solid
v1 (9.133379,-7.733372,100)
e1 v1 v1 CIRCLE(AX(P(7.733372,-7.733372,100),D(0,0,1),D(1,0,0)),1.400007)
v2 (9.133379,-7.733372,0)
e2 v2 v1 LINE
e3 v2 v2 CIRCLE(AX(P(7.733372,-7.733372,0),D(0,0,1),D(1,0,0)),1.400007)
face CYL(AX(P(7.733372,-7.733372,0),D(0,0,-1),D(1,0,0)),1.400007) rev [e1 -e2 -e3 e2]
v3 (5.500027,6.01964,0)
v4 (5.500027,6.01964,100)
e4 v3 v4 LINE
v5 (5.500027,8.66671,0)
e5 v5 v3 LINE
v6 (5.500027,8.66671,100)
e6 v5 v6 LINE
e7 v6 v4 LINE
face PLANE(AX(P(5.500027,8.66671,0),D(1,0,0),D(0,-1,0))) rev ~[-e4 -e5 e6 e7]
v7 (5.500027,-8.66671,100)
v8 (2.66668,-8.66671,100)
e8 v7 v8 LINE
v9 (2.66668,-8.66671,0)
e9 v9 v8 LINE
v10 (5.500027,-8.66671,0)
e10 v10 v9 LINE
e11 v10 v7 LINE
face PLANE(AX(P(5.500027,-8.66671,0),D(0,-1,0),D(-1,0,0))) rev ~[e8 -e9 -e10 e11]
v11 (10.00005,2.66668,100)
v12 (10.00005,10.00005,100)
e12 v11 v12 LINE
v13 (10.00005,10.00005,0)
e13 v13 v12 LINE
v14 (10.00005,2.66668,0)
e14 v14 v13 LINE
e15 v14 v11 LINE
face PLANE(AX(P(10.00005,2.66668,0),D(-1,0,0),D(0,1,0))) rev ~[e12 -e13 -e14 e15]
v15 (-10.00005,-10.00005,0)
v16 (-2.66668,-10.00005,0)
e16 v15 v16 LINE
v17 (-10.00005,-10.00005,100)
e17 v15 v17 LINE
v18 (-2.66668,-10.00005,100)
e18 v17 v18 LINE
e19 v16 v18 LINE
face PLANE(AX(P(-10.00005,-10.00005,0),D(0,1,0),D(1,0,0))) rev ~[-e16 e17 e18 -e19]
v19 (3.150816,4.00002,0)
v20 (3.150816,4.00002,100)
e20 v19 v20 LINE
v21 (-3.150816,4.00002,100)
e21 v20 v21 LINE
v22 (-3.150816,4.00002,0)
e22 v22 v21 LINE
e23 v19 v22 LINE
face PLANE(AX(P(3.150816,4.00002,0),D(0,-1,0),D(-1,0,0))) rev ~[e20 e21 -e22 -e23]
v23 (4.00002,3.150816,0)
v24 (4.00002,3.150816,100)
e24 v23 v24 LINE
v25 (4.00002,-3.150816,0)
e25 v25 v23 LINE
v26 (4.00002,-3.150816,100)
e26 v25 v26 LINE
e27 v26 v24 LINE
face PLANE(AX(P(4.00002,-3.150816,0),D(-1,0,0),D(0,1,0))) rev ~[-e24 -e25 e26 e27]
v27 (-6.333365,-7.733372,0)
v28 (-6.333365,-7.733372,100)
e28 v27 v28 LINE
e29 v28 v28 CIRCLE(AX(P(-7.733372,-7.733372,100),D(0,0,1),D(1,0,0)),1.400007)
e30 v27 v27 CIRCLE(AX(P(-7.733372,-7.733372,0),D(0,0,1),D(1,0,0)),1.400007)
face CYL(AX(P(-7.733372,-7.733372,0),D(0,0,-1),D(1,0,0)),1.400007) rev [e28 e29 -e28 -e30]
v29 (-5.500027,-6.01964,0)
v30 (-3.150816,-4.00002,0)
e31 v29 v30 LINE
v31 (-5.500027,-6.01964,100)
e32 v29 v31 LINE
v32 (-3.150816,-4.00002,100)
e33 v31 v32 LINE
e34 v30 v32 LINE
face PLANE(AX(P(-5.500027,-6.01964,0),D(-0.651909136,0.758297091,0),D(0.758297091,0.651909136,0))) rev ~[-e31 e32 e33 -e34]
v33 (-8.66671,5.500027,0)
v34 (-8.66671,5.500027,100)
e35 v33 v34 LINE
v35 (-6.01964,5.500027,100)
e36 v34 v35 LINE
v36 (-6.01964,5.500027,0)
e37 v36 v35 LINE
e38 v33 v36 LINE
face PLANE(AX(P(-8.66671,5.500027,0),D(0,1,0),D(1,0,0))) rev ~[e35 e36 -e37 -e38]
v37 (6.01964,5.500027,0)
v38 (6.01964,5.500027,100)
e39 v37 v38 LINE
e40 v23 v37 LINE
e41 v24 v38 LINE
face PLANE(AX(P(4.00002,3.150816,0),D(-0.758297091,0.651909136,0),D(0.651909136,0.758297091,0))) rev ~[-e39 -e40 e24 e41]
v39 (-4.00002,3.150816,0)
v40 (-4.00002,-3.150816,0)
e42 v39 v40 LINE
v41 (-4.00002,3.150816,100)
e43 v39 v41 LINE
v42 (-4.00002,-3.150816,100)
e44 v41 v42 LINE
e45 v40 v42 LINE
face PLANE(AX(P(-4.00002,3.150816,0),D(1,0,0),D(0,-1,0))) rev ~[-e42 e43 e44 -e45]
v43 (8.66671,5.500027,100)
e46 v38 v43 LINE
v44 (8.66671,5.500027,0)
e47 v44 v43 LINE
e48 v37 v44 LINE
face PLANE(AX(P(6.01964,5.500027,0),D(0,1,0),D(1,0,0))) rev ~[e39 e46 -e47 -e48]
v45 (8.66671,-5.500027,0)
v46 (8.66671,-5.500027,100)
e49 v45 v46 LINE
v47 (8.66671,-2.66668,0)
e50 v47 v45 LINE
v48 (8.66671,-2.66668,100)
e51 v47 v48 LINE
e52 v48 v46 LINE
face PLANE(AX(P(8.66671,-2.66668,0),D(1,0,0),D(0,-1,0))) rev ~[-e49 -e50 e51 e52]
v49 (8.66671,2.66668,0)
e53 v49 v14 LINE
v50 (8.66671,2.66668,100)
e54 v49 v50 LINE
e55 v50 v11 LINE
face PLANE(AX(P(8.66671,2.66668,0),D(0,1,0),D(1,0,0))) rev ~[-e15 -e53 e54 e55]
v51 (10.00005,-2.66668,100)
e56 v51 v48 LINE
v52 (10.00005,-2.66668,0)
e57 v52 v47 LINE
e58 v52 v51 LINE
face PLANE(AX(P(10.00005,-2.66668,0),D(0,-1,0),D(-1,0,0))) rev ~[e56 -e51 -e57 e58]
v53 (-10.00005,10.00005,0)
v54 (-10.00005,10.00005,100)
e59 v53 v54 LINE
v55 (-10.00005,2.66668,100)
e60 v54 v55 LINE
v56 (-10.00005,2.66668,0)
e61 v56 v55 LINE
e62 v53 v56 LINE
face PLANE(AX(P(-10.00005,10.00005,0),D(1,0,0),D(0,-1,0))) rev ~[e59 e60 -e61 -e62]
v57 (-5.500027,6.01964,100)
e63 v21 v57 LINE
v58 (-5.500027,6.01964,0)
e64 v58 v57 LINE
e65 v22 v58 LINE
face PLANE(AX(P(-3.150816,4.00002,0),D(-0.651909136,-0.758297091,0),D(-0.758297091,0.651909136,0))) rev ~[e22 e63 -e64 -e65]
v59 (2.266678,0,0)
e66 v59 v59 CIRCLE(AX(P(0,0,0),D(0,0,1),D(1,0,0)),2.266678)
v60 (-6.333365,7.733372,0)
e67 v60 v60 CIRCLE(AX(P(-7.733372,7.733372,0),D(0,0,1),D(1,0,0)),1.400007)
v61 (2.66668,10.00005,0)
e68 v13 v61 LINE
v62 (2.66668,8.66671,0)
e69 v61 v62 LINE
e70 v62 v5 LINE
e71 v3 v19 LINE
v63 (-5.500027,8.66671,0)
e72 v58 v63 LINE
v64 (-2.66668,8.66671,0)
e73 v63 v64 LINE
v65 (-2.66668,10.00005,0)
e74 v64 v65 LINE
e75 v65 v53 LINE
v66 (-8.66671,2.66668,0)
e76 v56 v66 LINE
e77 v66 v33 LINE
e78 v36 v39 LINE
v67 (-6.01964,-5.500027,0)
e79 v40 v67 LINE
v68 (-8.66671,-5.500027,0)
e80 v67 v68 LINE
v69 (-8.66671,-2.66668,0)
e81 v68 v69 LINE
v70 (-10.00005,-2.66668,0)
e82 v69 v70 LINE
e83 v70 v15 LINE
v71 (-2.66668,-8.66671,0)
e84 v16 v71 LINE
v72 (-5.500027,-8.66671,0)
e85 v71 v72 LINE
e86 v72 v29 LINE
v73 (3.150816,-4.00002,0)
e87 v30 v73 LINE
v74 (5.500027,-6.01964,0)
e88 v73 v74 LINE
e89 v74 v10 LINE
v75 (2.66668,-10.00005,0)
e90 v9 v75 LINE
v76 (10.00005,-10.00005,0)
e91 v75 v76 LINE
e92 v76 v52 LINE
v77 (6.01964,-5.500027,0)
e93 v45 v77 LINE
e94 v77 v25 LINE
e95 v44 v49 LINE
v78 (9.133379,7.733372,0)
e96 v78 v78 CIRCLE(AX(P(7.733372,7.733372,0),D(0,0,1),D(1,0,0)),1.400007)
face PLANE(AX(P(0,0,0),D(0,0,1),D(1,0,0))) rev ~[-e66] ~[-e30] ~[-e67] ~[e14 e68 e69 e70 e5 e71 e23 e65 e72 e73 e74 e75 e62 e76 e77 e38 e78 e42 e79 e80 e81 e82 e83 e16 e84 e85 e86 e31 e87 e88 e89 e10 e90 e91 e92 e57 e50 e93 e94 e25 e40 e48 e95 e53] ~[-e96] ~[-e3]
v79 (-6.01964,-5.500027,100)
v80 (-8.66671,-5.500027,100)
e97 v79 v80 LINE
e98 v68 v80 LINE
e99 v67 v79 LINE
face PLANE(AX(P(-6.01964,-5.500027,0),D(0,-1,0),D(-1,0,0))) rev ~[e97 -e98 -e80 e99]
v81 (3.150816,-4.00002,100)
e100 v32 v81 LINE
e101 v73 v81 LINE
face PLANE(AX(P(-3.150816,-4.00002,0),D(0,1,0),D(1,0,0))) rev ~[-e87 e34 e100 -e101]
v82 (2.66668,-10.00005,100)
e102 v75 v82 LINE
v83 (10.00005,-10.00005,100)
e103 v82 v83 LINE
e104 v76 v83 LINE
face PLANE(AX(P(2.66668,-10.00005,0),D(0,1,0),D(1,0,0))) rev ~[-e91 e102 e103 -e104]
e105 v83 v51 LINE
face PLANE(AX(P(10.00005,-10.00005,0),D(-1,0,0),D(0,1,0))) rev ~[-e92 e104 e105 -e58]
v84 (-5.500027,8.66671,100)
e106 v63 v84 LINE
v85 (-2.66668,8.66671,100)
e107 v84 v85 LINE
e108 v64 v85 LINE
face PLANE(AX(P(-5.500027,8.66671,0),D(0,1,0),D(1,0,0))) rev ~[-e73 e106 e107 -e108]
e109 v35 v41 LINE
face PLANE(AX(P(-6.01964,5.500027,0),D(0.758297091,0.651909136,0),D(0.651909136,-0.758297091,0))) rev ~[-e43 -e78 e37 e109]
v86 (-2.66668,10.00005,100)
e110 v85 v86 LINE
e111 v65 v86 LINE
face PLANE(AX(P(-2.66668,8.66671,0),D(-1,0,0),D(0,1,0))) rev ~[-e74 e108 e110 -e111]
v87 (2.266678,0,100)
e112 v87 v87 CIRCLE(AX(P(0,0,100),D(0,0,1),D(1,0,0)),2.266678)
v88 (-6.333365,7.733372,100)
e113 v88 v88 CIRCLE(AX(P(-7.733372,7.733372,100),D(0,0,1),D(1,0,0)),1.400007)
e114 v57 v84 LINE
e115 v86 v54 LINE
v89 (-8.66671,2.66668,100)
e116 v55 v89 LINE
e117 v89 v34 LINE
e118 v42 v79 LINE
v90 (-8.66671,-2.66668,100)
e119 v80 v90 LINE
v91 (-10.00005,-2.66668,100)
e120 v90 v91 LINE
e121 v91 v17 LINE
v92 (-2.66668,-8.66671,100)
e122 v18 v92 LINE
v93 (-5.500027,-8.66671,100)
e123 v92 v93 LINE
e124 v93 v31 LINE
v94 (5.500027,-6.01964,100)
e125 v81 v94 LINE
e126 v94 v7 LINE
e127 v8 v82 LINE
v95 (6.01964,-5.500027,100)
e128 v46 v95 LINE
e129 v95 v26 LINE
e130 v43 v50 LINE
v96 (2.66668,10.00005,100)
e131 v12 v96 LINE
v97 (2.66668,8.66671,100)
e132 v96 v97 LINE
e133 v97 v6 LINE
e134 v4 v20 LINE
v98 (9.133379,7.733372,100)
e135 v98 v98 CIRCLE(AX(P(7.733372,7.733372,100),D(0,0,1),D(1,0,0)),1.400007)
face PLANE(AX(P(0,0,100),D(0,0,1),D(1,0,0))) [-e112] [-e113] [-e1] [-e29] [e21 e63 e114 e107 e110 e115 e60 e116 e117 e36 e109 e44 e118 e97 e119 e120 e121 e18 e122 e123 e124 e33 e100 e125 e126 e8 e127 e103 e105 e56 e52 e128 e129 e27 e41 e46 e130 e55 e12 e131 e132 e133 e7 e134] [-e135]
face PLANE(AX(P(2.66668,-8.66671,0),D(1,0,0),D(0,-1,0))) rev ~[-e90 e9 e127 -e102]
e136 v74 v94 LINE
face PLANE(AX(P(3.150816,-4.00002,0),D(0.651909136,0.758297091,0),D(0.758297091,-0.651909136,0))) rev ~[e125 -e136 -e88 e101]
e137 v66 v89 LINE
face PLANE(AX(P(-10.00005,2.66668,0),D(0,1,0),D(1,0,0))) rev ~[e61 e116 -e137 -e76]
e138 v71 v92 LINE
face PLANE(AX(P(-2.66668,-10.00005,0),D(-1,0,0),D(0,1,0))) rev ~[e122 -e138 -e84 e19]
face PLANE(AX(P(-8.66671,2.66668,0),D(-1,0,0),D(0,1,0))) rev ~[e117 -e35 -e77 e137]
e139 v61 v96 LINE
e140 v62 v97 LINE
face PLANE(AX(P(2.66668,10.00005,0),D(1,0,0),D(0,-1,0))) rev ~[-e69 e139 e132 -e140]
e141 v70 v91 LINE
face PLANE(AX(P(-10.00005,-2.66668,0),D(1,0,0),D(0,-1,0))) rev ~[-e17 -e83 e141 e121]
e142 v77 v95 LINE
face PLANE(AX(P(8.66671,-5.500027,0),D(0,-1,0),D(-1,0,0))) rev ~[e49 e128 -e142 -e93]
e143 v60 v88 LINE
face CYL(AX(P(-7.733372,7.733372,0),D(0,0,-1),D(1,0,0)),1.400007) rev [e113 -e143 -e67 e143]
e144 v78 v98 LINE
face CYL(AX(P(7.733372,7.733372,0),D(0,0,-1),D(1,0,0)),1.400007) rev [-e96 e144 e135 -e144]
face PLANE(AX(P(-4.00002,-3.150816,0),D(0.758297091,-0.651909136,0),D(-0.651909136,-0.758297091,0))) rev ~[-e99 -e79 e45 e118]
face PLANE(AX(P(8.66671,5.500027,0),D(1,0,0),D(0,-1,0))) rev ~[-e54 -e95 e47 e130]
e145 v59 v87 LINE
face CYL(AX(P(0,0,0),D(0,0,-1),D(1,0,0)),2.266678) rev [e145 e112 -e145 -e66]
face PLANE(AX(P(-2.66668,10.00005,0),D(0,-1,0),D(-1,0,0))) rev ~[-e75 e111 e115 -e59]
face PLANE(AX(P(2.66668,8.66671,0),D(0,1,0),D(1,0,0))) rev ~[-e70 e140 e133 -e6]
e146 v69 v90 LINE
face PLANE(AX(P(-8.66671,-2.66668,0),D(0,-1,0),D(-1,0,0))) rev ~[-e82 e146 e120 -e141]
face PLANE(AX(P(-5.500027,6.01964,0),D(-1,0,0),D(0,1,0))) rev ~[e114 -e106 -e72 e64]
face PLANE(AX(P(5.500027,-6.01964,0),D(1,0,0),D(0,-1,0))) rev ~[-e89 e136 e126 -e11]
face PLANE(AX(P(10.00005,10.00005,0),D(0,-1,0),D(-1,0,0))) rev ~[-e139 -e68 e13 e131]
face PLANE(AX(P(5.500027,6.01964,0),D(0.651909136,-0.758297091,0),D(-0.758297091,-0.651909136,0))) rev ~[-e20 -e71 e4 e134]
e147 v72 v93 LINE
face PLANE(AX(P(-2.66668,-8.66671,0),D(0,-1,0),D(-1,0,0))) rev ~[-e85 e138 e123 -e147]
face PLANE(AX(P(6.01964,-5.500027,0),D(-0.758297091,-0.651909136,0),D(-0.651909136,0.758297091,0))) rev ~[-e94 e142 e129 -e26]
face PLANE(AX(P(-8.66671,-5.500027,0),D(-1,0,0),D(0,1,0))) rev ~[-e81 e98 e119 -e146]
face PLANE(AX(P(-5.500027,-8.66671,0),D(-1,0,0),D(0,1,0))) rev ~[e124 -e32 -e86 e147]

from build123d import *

# Parameters (mm, degrees)
SKETCH3_R           = 1.400007
SKETCH3_R_2         = 2.266678
BOSS_EXTRUDE1_DEPTH = 100


with BuildPart() as part:
    # Sketch3 → Boss-Extrude1 (new body)
    with BuildSketch(Plane.XY):
        Polygon((8.66671, -5.5000275), (6.019640257, -5.5000275), (4.00002, -3.150816419), (4.00002, 0), (4.00002, 3.150816419), (6.019640257, 5.5000275), (8.66671, 5.5000275), (8.66671, 2.66668), (10.00005, 2.66668), (10.00005, 10.00005), (2.66668, 10.00005), (2.66668, 8.66671), (5.5000275, 8.66671), (5.5000275, 6.019640257), (3.150816419, 4.00002), (0, 4.00002), (-3.150816419, 4.00002), (-5.5000275, 6.019640257), (-5.5000275, 8.66671), (-2.66668, 8.66671), (-2.66668, 10.00005), (-10.00005, 10.00005), (-10.00005, 2.66668), (-8.66671, 2.66668), (-8.66671, 5.5000275), (-6.019640257, 5.5000275), (-4.00002, 3.150816419), (-4.00002, 0), (-4.00002, -3.150816419), (-6.019640257, -5.5000275), (-8.66671, -5.5000275), (-8.66671, -2.66668), (-10.00005, -2.66668), (-10.00005, -10.00005), (-2.66668, -10.00005), (-2.66668, -8.66671), (-5.5000275, -8.66671), (-5.5000275, -6.019640257), (-3.150816419, -4.00002), (0, -4.00002), (3.150816419, -4.00002), (5.5000275, -6.019640257), (5.5000275, -8.66671), (2.66668, -8.66671), (2.66668, -10.00005), (10.00005, -10.00005), (10.00005, -2.66668), (8.66671, -2.66668), align=None)
        with Locations((7.733372, -7.733372)):
            Circle(SKETCH3_R, mode=Mode.SUBTRACT)
        with Locations((7.733372, 7.733372)):
            Circle(SKETCH3_R, mode=Mode.SUBTRACT)
        with Locations((-7.733372, 7.733372)):
            Circle(SKETCH3_R, mode=Mode.SUBTRACT)
        Circle(SKETCH3_R_2, mode=Mode.SUBTRACT)
        with Locations((-7.733372, -7.733372)):
            Circle(SKETCH3_R, mode=Mode.SUBTRACT)
    extrude(amount=BOSS_EXTRUDE1_DEPTH)


solid = part.part
